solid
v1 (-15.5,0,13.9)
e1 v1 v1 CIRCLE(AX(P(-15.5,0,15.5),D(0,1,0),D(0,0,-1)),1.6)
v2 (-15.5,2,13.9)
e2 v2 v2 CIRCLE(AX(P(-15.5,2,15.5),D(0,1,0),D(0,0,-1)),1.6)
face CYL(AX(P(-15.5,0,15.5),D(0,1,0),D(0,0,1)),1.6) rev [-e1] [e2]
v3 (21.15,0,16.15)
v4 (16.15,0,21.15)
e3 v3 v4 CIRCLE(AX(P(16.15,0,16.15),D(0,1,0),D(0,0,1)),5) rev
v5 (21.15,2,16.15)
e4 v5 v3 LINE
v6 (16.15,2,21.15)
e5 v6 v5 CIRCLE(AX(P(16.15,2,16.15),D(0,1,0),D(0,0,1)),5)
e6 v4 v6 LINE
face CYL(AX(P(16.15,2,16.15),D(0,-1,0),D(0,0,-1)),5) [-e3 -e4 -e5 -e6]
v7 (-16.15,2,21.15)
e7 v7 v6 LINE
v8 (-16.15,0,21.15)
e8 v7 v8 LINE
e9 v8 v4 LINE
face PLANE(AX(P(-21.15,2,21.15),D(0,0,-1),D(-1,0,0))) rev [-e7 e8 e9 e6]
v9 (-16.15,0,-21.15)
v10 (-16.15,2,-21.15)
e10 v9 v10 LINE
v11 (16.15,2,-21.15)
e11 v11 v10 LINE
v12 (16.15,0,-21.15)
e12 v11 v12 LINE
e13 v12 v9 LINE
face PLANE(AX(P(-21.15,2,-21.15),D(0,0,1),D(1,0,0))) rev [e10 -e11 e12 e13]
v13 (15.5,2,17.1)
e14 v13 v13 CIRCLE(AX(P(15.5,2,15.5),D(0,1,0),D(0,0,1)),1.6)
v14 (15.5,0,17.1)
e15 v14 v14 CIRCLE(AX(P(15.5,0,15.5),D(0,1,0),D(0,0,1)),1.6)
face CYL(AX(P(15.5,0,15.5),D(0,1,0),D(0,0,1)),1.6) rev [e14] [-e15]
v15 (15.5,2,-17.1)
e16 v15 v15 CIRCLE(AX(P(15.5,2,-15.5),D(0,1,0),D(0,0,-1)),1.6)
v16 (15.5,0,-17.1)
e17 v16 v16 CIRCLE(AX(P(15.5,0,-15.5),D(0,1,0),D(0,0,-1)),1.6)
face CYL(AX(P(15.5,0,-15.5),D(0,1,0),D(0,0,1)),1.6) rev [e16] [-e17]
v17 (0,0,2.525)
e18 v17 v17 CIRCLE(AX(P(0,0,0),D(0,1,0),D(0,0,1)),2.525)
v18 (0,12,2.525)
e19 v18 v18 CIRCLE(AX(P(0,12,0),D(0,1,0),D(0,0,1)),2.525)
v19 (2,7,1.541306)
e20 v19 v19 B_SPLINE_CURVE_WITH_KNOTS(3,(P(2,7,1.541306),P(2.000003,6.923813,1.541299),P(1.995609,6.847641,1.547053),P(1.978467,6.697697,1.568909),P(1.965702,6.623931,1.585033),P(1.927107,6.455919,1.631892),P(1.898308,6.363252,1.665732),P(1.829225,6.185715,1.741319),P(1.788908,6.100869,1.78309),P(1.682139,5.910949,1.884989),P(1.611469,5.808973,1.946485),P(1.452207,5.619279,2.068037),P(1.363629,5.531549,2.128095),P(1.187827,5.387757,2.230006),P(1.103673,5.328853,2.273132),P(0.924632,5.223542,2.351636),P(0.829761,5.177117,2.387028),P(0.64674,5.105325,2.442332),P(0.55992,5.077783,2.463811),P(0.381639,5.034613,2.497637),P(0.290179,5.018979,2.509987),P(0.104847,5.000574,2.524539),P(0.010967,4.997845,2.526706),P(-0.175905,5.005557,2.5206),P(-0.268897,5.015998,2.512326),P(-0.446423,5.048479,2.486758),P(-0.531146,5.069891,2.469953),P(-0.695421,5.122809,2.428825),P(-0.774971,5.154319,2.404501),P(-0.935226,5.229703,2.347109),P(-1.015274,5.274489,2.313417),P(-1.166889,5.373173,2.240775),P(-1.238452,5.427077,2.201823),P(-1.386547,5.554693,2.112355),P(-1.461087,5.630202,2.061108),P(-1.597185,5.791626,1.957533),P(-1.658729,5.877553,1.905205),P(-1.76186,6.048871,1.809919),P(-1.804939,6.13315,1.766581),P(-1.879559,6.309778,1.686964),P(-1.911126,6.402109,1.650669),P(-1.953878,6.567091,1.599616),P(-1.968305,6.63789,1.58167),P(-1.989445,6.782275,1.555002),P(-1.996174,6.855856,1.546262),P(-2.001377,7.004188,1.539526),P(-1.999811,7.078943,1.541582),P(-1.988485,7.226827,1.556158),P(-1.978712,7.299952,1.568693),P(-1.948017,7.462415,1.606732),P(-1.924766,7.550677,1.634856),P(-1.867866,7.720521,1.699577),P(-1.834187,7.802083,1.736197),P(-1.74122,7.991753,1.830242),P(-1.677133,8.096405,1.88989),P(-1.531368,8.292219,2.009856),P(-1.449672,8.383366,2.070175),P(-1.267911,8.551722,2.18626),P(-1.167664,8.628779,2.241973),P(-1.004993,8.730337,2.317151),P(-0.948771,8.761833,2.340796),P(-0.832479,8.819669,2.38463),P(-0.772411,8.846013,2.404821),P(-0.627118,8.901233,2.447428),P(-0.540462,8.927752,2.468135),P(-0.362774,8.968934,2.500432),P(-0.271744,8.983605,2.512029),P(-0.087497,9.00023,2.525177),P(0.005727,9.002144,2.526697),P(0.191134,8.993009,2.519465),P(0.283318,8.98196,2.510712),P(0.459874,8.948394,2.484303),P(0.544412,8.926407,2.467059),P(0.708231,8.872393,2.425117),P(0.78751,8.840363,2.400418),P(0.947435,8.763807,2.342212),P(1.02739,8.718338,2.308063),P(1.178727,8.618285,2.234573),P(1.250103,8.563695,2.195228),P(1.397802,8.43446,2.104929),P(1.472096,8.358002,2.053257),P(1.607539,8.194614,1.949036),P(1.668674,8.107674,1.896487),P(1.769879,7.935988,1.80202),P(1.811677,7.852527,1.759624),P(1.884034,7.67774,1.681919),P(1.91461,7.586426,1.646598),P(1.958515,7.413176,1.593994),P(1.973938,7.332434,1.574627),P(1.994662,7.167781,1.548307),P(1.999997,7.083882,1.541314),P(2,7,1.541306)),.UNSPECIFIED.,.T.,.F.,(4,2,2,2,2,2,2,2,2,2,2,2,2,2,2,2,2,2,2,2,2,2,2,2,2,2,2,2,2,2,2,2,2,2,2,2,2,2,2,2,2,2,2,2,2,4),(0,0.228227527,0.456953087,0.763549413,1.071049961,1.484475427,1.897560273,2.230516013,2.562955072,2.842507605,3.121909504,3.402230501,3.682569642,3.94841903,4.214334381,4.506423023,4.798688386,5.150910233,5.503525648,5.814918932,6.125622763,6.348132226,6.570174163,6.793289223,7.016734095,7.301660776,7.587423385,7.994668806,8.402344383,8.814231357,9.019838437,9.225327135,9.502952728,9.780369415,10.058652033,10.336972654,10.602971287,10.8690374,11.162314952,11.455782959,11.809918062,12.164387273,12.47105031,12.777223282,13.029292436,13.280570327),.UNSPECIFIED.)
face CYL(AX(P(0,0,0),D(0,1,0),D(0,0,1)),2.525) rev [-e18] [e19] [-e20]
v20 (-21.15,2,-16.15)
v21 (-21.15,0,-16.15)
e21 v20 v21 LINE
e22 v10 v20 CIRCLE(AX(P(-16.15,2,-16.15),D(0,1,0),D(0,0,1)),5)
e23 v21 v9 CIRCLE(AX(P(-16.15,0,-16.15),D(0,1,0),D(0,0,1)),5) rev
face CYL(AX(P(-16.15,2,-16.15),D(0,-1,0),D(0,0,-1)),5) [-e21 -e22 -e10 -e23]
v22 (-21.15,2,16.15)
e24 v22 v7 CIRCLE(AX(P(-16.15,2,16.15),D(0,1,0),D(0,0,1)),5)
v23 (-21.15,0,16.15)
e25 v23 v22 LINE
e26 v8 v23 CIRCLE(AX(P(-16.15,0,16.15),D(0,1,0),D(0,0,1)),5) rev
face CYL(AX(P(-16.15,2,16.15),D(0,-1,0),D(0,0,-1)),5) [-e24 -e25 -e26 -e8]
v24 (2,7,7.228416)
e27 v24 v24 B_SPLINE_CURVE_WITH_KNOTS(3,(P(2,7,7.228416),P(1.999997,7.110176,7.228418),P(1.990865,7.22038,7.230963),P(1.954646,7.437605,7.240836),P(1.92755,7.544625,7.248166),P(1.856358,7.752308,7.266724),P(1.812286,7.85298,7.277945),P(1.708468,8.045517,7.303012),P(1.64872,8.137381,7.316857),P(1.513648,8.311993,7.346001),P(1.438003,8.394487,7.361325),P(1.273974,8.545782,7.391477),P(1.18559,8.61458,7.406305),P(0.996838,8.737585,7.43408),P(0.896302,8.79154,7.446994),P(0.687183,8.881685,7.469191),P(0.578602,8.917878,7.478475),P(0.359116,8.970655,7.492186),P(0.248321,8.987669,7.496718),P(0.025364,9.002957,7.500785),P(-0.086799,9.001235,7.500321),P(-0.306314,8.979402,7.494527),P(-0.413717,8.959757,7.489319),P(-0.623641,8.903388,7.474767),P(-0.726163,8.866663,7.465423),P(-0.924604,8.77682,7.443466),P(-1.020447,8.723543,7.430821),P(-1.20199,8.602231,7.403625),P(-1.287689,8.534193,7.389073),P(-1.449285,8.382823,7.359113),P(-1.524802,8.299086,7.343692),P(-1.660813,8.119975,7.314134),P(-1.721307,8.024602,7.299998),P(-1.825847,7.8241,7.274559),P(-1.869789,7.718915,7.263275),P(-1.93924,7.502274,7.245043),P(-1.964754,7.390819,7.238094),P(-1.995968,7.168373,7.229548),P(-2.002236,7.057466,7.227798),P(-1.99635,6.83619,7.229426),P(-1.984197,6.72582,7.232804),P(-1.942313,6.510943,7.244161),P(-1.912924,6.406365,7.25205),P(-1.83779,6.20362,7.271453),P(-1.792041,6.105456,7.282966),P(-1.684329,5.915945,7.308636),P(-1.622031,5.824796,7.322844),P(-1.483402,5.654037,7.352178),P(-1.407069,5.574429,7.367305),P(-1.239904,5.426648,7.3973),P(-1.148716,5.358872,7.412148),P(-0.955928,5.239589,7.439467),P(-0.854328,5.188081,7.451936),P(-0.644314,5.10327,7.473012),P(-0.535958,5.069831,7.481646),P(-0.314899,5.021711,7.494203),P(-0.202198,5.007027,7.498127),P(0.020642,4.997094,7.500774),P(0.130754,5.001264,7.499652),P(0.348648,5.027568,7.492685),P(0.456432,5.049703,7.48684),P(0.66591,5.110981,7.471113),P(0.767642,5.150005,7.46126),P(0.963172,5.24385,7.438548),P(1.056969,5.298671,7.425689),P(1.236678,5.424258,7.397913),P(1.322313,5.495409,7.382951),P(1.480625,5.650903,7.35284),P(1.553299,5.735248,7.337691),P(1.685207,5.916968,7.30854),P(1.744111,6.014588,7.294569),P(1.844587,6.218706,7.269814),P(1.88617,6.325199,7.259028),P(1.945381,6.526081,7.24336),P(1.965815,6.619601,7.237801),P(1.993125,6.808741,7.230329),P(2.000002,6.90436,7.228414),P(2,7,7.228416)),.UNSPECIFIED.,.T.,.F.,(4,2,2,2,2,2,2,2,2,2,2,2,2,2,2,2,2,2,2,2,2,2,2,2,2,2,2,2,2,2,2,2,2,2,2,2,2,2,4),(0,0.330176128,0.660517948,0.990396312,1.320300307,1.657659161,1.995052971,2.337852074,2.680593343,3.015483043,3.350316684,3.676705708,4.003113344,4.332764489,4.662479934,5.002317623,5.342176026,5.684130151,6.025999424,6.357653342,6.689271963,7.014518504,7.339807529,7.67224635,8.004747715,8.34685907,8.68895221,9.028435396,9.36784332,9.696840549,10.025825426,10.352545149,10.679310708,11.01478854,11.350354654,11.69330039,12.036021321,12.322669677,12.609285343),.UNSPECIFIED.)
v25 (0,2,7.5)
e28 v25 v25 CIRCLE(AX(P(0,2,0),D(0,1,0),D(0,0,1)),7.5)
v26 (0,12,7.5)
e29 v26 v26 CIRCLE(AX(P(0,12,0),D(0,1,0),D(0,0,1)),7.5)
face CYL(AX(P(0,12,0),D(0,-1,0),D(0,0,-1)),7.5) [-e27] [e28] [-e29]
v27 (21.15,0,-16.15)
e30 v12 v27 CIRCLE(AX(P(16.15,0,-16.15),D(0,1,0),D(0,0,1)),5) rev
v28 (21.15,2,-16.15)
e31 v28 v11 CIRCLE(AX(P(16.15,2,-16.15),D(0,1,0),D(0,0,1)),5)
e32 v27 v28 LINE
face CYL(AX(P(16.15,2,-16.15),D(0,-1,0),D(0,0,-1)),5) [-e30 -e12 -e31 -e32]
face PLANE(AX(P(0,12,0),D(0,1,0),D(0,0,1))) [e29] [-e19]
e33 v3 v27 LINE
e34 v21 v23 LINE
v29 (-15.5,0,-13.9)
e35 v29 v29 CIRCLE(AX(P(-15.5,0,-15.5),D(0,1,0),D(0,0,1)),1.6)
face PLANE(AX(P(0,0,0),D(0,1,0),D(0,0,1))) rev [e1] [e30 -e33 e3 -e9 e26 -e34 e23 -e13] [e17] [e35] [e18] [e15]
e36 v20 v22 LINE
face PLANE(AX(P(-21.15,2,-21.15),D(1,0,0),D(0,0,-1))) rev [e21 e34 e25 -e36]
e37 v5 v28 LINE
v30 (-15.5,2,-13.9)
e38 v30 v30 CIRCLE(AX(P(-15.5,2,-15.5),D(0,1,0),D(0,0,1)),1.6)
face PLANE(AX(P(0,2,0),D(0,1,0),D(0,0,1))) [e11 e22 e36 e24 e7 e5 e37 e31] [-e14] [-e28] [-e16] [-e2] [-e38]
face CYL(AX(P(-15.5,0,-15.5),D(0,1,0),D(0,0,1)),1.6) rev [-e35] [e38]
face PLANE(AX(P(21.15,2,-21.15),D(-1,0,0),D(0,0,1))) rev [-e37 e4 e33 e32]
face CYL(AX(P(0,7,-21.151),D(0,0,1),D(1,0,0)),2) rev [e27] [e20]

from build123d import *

# Parameters (mm, degrees)
SKETCH_1_W          = 42.3
SKETCH_1_H          = 42.3
EXTRUDE_1_DEPTH     = 2
SKETCH_2_R          = 1.6
CUT_EXTRUDE_1_DEPTH = 3
SKETCH_3_R          = 7.5
EXTRUDE_2_DEPTH     = 10
SKETCH_4_R          = 2.525
CUT_EXTRUDE_3_DEPTH = 13
FILLET_1_R          = 5
CUT_EXTRUDE_4_REACH = 30.65
SKETCH_5_R          = 2


with BuildPart() as part:
    # 草图1 → 凸台-拉伸1 (new body)
    with BuildSketch(Plane(origin=(0, 0, 0), x_dir=(1, 0, 0), z_dir=(0, 1, 0))):
        Rectangle(SKETCH_1_W, SKETCH_1_H)
    extrude(amount=EXTRUDE_1_DEPTH)

    # 草图2 → 切除-拉伸1 (cut, through all)
    with BuildSketch(Plane(origin=(0, 2, 0), x_dir=(1, 0, 0), z_dir=(0, 1, 0))):
        with Locations((-15.5, 15.5)):
            Circle(SKETCH_2_R)
        with Locations((15.5, 15.5)):
            Circle(SKETCH_2_R)
        with Locations((15.5, -15.5)):
            Circle(SKETCH_2_R)
        with Locations((-15.5, -15.5)):
            Circle(SKETCH_2_R)
    extrude(amount=-CUT_EXTRUDE_1_DEPTH, mode=Mode.SUBTRACT)

    # 草图3 → 凸台-拉伸2 (add)
    with BuildSketch(Plane(origin=(0, 2, 0), x_dir=(1, 0, 0), z_dir=(0, 1, 0))):
        Circle(SKETCH_3_R)
    extrude(amount=EXTRUDE_2_DEPTH)

    # 草图4 → 切除-拉伸3 (cut, through all)
    with BuildSketch(Plane(origin=(0, 12, 0), x_dir=(1, 0, 0), z_dir=(0, 1, 0))):
        Circle(SKETCH_4_R)
    extrude(amount=-CUT_EXTRUDE_3_DEPTH, mode=Mode.SUBTRACT)

    # 圆角1
    fillet_1_edges = [part.edges().sort_by_distance(p)[0] for p in [
        (21.15, 1, 21.15),
        (-21.15, 1, 21.15),
        (-21.15, 1, -21.15),
        (21.15, 1, -21.15),
    ]]
    fillet(fillet_1_edges, radius=FILLET_1_R)

    # 草图5 → 切除-拉伸4 (cut, up to next)
    with BuildSketch(Plane.XY.offset(7.5), mode=Mode.PRIVATE) as cut_extrude_4_sk1:
        with Locations((0, 7)):
            Circle(SKETCH_5_R)
    cut_extrude_4_tool1 = extrude(cut_extrude_4_sk1.sketch, amount=-CUT_EXTRUDE_4_REACH, mode=Mode.PRIVATE) & part.part
    add(cut_extrude_4_tool1.solids().sort_by_distance((0, 7, 7.5))[0], mode=Mode.SUBTRACT)


solid = part.part
